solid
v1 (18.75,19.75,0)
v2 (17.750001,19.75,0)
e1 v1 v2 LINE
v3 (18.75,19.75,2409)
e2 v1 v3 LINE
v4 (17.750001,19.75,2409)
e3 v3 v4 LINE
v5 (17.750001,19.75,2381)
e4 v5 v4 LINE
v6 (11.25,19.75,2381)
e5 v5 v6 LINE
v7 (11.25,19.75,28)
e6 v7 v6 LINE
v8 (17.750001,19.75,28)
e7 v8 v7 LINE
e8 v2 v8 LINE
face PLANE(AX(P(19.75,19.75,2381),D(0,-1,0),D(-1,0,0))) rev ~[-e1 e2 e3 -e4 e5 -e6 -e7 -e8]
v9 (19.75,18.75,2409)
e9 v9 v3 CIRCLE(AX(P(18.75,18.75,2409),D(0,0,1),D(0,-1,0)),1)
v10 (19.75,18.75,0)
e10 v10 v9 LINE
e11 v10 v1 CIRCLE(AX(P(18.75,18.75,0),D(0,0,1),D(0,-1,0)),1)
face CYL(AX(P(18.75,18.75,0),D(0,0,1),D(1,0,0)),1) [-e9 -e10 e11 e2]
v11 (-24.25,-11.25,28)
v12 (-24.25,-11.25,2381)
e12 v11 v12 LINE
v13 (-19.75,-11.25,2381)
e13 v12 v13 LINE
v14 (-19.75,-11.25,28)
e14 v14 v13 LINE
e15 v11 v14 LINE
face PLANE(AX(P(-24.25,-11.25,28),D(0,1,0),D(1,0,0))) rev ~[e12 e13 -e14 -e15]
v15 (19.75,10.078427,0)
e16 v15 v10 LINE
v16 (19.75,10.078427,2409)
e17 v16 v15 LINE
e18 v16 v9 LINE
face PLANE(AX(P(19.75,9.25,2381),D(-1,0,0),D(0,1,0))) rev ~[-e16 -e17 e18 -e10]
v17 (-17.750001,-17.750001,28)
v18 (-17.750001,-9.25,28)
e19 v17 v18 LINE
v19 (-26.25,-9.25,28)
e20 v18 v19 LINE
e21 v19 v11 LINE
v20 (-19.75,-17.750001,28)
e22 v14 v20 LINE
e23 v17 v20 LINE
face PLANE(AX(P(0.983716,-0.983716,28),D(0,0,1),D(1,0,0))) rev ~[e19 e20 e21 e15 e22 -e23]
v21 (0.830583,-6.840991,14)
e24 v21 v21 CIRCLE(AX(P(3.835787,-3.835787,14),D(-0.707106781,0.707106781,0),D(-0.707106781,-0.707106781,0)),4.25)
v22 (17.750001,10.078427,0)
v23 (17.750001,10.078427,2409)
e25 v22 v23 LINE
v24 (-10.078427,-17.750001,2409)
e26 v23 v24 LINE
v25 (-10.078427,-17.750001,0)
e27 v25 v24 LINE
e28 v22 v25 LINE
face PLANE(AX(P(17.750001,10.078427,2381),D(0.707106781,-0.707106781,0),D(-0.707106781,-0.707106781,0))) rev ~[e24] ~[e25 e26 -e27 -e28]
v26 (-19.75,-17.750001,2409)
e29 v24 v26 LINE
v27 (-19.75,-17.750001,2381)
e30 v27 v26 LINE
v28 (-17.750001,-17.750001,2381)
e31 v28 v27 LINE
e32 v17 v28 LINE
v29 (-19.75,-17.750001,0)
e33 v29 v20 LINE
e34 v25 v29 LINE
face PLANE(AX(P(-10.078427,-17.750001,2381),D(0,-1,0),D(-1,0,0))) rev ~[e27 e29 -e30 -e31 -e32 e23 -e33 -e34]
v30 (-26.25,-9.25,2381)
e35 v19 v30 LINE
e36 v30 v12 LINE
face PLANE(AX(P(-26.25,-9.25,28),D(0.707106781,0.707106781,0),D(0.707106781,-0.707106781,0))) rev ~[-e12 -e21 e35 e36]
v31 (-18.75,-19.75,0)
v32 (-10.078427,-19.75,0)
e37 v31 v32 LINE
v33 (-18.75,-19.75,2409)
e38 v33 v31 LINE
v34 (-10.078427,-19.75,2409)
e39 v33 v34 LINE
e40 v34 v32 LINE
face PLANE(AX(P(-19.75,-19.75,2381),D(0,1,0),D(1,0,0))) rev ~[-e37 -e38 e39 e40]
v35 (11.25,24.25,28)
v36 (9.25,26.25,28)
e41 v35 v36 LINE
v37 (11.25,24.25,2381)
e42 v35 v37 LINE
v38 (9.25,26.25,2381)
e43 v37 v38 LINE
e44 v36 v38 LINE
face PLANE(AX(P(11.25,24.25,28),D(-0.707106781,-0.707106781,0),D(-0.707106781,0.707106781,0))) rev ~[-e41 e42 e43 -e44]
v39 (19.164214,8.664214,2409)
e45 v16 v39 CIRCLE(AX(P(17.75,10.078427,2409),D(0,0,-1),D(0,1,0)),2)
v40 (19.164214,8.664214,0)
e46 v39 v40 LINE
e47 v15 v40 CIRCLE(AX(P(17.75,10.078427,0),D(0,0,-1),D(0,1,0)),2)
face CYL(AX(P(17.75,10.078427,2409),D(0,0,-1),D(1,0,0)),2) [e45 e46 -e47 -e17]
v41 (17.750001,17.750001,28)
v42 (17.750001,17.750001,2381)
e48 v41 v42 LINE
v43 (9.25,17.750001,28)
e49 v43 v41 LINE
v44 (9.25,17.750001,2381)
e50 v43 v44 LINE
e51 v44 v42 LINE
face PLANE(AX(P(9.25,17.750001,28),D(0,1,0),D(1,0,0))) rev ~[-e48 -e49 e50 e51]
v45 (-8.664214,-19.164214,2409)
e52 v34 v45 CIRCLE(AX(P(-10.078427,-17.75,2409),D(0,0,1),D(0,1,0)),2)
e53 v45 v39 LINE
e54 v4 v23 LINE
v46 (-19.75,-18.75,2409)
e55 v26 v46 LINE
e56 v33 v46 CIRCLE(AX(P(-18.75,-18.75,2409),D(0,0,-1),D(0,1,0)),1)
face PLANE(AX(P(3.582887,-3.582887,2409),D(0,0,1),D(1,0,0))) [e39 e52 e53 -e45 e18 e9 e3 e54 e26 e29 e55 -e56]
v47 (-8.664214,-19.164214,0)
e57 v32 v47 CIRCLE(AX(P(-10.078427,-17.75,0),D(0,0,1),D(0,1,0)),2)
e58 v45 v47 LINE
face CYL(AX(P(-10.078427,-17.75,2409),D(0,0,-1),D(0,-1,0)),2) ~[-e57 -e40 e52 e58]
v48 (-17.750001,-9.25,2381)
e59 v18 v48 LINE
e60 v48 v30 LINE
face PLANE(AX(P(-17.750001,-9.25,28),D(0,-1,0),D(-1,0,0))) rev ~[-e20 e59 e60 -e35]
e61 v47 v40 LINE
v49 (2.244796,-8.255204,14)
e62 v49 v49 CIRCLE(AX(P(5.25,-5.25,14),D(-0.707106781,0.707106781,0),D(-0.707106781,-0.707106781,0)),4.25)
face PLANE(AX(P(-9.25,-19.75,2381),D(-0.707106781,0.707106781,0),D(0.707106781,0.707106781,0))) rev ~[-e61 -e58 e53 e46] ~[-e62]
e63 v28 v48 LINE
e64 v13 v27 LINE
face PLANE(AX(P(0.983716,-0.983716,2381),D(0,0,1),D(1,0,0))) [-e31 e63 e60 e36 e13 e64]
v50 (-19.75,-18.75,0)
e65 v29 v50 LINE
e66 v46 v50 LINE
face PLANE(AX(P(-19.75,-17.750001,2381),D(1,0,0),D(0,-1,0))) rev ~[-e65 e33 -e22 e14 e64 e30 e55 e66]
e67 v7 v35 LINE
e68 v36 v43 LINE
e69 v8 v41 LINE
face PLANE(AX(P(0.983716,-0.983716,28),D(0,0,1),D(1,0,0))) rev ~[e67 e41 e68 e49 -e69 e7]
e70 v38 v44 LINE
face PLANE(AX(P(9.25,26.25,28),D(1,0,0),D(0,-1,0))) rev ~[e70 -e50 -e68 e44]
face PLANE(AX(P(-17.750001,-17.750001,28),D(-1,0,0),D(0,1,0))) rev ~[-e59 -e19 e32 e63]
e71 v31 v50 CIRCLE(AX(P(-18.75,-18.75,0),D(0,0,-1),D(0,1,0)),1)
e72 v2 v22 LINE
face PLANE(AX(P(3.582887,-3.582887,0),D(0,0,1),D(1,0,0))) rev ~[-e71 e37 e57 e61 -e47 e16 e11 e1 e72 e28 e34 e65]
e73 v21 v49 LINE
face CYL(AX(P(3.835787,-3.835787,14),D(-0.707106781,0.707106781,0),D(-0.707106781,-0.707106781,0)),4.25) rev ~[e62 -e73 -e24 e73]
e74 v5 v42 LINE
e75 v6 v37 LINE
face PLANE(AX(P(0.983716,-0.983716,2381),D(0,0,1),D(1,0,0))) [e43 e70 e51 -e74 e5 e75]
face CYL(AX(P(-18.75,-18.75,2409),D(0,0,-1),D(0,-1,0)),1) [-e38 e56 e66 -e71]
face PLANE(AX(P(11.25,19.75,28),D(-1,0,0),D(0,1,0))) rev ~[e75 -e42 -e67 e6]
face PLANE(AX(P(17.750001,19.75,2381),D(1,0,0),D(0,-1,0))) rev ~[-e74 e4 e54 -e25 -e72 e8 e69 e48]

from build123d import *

# Parameters (mm, degrees)
F1_DEPTH = 28
F3_DEPTH = 2353
F5_DEPTH = 28
F6_R     = 2
F7_R     = 1
F8_R     = 4.25
F9_DEPTH = 25


with BuildPart() as f1:
    # F0 (on Top) → F1 (new body)
    with BuildSketch(Plane.XY):
        Polygon((-19.75, -17.750001), (-19.75, -19.75), (-9.25, -19.75), (19.75, 9.25), (19.75, 19.75), (17.750001, 19.75), (17.750001, 10.078427), (-10.078427, -17.750001), align=None)
    extrude(amount=F1_DEPTH)

    # F2 (on face) → F3 (join)
    with BuildSketch(Plane.XY.offset(28)):
        Polygon((-19.75, -19.75), (-9.25, -19.75), (19.75, 9.25), (19.75, 19.75), (11.25, 19.75), (11.25, 24.25), (9.25, 26.25), (9.25, 23.421573), (9.25, 19.75), (9.25, 17.750001), (17.750001, 17.750001), (17.750001, 10.078427), (16.585787, 8.914213), (-8.914213, -16.585787), (-10.078427, -17.750001), (-17.750001, -17.750001), (-17.750001, -9.25), (-19.75, -9.25), (-23.421573, -9.25), (-26.25, -9.25), (-24.25, -11.25), (-19.75, -11.25), align=None)
    extrude(amount=F3_DEPTH)

    # F4 (on face) → F5 (join)
    with BuildSketch(Plane.XY.offset(2381)):
        Polygon((19.75, 9.25), (19.75, 19.75), (17.750001, 19.75), (17.750001, 10.078427), (-10.078427, -17.750001), (-19.75, -17.750001), (-19.75, -19.75), (-9.25, -19.75), align=None)
    extrude(amount=F5_DEPTH)

    # F6
    f6_edges = [f1.edges().sort_by_distance(p)[0] for p in [
        (19.75, 9.25, 1204.5),
        (-9.25, -19.75, 1204.5),
    ]]
    fillet(f6_edges, radius=F6_R)

    # F7
    f7_edges = [f1.edges().sort_by_distance(p)[0] for p in [
        (-19.75, -19.75, 1204.5),
        (19.75, 19.75, 1204.5),
    ]]
    fillet(f7_edges, radius=F7_R)

    # F8 (on face) → F9 (cut)
    with BuildSketch(Plane(origin=(3.835787, -3.835787, 0), x_dir=(-0.707107, -0.707107, 0), z_dir=(-0.707107, 0.707107, 0))):
        with Locations((0, 14)):
            Circle(F8_R)
    extrude(amount=-F9_DEPTH, mode=Mode.SUBTRACT)


solid = f1.part
